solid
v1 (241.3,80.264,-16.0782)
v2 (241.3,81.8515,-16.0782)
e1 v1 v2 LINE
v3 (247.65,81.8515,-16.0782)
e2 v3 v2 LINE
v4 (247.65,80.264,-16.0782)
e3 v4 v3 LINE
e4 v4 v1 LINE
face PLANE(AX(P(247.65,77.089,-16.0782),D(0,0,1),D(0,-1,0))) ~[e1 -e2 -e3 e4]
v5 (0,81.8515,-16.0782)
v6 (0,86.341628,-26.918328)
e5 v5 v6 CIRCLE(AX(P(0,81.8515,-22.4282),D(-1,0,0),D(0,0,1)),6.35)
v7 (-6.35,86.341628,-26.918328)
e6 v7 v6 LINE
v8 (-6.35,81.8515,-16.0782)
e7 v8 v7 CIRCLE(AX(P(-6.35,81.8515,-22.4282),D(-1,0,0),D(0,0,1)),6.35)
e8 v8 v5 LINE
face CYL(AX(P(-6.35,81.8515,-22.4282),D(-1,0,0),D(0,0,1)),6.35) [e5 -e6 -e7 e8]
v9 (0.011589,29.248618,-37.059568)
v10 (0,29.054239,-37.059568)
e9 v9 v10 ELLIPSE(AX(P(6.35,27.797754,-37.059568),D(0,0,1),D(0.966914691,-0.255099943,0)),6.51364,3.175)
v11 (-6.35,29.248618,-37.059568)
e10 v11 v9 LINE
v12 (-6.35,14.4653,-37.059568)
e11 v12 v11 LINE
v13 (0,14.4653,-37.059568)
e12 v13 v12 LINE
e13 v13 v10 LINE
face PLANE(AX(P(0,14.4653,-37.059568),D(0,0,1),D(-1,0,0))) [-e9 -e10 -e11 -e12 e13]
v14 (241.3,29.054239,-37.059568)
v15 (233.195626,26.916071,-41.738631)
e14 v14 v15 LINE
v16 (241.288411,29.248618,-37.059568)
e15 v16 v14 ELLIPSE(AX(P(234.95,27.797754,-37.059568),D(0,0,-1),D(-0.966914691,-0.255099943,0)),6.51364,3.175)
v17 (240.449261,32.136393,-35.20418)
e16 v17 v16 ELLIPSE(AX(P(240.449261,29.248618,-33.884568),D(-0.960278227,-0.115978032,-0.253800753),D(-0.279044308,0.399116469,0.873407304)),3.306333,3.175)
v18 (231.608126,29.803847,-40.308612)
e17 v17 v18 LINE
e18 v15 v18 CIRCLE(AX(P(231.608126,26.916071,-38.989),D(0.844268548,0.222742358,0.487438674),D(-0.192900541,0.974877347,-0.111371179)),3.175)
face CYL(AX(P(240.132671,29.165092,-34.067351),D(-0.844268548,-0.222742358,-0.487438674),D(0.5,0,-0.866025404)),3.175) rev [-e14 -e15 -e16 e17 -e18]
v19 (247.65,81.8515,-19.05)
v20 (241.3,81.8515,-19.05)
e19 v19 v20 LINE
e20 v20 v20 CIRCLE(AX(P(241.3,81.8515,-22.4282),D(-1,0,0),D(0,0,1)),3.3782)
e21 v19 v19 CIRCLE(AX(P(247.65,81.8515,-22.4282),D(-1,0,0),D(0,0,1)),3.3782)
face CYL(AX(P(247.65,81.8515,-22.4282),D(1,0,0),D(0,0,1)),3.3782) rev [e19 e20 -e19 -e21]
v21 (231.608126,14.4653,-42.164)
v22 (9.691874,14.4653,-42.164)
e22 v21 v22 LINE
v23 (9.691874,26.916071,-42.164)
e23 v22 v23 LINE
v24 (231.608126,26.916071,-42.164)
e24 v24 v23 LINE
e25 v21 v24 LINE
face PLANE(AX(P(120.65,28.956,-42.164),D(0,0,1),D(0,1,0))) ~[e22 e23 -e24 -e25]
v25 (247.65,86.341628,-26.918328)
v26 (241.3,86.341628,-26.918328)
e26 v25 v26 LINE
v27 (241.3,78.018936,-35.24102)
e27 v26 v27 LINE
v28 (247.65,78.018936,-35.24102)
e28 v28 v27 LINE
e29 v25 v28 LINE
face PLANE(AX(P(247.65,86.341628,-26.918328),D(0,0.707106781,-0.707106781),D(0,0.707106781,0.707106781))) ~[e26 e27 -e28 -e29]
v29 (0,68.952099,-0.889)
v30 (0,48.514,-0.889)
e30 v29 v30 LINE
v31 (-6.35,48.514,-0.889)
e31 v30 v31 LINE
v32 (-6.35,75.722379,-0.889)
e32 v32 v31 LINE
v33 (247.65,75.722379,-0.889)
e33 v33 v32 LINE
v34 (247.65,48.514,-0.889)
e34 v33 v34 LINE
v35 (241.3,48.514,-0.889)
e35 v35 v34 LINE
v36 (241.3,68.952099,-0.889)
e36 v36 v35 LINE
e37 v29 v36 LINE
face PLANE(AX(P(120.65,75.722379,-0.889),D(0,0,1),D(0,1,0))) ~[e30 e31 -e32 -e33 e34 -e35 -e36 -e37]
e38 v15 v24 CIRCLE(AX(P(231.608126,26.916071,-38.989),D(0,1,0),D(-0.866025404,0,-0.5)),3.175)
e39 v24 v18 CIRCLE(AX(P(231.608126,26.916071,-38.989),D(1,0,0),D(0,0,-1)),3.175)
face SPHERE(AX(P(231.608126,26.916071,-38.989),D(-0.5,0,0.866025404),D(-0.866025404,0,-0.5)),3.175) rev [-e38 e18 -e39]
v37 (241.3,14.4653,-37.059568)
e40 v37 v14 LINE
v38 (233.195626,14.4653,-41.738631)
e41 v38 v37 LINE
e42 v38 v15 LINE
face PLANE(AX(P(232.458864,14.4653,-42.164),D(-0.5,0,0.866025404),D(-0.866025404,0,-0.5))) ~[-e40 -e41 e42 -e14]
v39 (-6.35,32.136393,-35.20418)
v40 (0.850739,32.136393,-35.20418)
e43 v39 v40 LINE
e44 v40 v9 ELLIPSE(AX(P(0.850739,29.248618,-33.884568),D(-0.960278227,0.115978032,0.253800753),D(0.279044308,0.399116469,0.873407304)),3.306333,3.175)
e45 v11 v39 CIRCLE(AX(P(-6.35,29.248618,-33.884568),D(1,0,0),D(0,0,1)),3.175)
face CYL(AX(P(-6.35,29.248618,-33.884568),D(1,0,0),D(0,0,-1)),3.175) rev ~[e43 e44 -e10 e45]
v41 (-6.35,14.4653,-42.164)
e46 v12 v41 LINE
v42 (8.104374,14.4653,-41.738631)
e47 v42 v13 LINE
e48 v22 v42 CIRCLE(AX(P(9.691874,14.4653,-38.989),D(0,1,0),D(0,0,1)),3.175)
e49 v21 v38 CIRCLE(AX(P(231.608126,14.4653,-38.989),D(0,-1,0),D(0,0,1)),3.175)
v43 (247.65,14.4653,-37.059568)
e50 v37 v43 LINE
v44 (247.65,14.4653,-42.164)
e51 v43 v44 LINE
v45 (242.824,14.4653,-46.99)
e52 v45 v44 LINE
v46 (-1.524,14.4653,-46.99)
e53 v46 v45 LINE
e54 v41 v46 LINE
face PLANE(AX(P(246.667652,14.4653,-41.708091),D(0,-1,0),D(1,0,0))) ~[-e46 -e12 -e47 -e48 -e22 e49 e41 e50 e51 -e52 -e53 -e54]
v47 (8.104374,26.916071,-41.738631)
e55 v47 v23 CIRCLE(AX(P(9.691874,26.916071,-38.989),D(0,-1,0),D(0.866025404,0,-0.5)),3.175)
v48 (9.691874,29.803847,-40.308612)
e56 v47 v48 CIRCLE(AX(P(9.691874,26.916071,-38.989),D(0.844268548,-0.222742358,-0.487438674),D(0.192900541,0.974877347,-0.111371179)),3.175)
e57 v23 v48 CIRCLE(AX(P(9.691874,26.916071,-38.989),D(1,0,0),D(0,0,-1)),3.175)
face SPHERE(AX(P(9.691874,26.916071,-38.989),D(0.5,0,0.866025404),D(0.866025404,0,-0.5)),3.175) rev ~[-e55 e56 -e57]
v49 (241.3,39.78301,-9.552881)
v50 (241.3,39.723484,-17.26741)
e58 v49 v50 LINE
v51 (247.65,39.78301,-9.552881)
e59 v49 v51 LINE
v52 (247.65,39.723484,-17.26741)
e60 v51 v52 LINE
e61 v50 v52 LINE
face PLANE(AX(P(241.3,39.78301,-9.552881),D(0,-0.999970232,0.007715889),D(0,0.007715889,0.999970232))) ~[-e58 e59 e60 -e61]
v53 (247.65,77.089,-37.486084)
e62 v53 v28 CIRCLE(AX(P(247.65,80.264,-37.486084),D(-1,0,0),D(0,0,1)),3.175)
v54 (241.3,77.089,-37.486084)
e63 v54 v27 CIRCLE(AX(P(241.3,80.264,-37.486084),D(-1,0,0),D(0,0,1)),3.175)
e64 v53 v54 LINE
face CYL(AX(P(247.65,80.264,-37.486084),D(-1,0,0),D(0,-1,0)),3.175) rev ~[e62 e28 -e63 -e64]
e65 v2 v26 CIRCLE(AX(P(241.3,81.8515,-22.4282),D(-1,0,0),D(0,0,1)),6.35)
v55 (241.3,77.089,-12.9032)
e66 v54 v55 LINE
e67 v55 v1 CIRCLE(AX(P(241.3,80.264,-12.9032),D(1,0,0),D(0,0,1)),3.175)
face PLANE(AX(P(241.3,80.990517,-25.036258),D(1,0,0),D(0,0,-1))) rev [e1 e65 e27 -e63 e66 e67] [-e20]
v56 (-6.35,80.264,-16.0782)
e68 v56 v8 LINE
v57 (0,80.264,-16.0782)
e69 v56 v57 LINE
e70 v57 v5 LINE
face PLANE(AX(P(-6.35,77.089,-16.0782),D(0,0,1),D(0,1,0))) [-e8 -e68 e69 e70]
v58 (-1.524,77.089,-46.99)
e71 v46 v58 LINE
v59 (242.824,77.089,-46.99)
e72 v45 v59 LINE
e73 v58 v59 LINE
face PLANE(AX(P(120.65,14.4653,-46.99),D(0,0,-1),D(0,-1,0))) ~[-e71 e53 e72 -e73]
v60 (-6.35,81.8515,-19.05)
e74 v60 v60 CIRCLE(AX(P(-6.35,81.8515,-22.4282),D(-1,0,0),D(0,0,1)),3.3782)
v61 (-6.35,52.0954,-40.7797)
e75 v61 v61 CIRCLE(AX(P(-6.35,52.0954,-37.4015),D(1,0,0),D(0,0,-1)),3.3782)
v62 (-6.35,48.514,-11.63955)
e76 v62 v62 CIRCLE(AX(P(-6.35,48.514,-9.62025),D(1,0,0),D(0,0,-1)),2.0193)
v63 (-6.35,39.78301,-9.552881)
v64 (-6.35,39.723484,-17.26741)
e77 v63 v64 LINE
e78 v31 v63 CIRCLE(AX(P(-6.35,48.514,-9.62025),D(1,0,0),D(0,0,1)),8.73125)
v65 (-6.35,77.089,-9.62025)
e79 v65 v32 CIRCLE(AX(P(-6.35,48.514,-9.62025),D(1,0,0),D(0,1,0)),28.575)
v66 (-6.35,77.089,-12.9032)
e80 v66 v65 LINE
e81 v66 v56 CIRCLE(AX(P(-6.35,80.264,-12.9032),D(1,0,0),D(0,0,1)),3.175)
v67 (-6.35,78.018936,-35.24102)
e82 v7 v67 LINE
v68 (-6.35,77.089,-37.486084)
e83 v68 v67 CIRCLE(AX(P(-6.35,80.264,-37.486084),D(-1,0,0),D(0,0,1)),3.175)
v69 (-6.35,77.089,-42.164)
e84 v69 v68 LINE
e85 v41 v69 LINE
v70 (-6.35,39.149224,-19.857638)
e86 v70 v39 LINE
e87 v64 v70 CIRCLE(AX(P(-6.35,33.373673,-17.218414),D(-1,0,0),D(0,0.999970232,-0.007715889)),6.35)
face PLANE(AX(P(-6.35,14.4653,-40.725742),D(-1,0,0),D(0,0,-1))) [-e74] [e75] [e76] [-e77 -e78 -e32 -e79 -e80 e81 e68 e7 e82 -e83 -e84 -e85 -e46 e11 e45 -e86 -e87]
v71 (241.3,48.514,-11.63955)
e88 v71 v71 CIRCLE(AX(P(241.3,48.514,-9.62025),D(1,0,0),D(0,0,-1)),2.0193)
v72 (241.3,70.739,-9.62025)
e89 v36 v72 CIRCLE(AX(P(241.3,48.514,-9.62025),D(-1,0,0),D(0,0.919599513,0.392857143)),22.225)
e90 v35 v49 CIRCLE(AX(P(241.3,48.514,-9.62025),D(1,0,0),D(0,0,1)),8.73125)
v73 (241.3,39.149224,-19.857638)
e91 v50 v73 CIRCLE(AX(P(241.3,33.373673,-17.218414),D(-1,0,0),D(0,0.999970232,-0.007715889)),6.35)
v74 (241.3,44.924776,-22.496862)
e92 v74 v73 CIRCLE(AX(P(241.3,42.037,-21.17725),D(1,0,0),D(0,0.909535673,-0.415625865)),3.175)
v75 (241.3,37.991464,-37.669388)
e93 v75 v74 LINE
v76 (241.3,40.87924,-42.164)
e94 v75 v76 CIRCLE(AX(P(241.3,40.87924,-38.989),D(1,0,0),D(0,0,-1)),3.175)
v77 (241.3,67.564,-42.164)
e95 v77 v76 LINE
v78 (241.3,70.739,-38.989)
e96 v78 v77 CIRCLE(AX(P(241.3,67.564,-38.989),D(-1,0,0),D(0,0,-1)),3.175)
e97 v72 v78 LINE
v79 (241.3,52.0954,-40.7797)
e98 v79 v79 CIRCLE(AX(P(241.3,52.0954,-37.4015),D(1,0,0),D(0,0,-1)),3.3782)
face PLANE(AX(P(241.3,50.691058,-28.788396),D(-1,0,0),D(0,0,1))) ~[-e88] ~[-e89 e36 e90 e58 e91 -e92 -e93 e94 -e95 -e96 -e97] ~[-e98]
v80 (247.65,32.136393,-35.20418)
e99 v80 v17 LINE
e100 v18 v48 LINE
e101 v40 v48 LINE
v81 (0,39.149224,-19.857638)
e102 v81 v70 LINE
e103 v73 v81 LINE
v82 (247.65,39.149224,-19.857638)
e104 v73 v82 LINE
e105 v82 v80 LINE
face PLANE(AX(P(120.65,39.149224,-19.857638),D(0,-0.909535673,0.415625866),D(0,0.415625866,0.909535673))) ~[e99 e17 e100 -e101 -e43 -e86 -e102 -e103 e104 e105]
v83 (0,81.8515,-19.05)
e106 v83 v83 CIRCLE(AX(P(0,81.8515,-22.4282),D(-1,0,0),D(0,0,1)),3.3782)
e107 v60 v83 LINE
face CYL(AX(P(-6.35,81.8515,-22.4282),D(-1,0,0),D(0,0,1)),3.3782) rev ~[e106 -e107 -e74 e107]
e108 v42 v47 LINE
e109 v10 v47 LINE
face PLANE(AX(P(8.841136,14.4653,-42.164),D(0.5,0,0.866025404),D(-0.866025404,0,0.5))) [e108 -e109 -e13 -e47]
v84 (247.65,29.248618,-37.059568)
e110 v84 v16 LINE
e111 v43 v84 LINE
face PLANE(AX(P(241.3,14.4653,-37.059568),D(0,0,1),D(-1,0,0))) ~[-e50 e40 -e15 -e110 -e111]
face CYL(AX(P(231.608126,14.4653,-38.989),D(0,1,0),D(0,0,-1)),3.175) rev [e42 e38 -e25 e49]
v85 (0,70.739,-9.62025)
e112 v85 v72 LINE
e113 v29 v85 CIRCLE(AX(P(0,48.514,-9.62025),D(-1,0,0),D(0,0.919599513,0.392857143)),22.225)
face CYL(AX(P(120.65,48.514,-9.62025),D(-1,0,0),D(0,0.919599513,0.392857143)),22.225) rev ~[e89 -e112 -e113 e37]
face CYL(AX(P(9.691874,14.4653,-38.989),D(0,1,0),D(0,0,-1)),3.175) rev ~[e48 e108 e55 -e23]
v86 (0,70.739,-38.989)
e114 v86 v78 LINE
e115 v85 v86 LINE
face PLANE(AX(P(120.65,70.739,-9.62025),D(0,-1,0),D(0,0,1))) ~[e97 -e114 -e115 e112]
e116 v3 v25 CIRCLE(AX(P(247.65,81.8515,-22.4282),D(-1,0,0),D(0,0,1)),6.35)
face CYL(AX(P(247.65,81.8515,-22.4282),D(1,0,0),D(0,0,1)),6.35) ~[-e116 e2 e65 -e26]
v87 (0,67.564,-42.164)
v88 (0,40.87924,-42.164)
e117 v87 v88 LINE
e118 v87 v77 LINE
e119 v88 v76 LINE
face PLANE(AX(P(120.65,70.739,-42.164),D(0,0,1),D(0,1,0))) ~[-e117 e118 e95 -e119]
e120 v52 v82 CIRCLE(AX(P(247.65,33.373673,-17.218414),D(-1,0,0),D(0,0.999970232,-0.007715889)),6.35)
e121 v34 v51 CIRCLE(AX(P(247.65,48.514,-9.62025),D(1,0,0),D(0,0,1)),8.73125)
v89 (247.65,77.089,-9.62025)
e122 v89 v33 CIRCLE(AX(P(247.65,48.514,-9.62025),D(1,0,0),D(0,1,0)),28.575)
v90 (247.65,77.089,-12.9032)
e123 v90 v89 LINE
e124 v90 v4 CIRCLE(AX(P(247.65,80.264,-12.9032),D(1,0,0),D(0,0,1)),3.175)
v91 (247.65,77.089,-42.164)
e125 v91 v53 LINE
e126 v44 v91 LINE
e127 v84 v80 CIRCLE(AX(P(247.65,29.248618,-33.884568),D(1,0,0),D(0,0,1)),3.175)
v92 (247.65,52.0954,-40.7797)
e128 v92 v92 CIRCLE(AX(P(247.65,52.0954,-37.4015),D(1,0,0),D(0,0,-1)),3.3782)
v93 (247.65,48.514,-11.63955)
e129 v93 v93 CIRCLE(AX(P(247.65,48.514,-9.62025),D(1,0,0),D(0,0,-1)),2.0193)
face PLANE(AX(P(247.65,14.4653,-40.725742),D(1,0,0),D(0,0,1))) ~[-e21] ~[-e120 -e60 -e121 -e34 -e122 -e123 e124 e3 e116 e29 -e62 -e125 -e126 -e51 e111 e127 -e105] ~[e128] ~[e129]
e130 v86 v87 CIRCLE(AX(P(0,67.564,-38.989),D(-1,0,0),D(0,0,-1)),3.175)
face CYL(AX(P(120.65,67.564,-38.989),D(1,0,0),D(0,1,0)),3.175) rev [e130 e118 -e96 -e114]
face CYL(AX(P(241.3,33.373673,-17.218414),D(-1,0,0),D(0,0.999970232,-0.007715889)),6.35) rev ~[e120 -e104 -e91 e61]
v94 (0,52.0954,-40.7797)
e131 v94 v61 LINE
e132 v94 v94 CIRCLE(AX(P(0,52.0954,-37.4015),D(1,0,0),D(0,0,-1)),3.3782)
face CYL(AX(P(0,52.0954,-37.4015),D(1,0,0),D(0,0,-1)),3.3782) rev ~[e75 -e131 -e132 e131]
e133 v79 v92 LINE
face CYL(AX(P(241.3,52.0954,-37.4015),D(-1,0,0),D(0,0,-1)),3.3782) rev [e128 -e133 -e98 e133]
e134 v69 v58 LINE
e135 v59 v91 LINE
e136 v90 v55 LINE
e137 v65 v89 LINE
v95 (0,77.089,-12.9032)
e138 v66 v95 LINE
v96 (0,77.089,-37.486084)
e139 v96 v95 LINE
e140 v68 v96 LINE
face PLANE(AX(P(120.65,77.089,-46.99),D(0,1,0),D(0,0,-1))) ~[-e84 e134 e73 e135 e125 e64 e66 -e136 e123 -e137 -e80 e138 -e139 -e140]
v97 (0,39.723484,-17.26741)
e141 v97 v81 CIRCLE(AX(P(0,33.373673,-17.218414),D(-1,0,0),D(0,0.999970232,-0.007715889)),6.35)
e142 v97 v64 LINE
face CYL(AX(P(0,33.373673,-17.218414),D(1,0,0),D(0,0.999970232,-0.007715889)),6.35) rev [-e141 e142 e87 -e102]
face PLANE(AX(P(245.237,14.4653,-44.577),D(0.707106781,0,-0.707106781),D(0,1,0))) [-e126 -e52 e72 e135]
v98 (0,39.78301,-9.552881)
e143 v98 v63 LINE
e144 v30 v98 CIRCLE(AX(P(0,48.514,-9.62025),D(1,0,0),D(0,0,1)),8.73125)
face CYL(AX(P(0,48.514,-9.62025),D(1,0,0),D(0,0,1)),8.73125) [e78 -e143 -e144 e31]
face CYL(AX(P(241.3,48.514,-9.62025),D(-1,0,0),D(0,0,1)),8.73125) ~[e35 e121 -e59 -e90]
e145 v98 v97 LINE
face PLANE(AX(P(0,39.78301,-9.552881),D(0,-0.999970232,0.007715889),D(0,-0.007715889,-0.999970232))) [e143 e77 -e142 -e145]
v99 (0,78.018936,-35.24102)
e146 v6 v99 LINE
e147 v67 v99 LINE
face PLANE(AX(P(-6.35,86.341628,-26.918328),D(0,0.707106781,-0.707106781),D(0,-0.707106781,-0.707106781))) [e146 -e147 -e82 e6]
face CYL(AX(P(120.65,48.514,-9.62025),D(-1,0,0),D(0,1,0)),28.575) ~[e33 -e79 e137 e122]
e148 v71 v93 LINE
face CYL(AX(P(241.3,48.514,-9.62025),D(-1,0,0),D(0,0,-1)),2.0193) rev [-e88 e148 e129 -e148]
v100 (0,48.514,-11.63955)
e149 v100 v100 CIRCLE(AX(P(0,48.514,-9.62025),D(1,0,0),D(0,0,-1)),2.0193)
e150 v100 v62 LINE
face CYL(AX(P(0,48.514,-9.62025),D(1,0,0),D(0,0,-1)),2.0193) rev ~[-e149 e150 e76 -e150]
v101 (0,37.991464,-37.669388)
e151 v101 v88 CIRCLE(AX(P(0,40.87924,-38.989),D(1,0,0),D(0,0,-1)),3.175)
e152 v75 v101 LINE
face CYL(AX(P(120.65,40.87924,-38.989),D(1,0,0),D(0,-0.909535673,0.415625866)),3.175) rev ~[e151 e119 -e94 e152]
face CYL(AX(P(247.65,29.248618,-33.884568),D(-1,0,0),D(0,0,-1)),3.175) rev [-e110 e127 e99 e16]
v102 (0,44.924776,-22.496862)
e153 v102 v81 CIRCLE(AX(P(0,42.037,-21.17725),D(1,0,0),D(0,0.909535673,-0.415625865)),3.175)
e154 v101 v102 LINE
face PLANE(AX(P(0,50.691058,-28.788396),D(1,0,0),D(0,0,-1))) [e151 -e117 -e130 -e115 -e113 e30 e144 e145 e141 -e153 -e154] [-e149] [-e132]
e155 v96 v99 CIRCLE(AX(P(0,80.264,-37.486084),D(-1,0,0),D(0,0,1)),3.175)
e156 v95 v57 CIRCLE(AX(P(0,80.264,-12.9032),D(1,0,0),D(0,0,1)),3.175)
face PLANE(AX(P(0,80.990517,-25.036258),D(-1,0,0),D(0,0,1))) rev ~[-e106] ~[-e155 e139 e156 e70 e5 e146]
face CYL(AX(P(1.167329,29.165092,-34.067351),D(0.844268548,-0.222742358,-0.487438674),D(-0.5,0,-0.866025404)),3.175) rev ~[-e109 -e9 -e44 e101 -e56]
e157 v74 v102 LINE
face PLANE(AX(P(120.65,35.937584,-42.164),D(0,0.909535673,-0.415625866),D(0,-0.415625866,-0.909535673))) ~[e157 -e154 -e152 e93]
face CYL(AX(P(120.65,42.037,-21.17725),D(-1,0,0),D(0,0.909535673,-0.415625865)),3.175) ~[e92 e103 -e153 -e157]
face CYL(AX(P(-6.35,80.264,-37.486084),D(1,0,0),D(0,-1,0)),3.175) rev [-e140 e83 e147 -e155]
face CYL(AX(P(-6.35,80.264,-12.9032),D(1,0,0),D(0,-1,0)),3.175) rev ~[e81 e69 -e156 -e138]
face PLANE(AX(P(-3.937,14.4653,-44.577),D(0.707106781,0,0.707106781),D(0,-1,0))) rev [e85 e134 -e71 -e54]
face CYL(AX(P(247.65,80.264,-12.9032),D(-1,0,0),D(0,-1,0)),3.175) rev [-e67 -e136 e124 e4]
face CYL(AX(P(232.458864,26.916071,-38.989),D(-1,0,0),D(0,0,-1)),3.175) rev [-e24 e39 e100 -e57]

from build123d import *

# Parameters (mm, degrees)
SKETCH1_R           = 2.0193
SKETCH1_R_2         = 3.3782
BOSS_EXTRUDE1_DEPTH = 6.35
BOSS_EXTRUDE2_START = 120.65
BOSS_EXTRUDE2_DEPTH = 120.65
BOSS_EXTRUDE3_REACH = 145.827
SKETCH6_R           = 3.3782
BOSS_EXTRUDE4_DEPTH = 6.35
FILLET2_R           = 3.175
CHAMFER1_SIZE       = 4.826


with BuildPart() as part:
    # Sketch1 → Boss-Extrude1 (new body)
    with BuildSketch(Plane(origin=(0, 0, 0), x_dir=(0, 0, -1), z_dir=(1, 0, 0))):
        with BuildLine():
            Line((19.857637877, 39.149224239), (42.164, 28.956))
            Line((42.164, 28.956), (42.164, 14.4653))
            Line((42.164, 14.4653), (46.99, 14.4653))
            Line((46.99, 14.4653), (46.99, 77.089))
            Line((46.99, 77.089), (9.62025, 77.089))
            ThreePointArc((9.62025, 77.089), (5.201472483, 76.745277517), (0.889, 75.722379195))
            Line((0.889, 75.722379195), (0.889, 48.514))
            ThreePointArc((0.889, 48.514), (3.422551022, 42.363938704), (9.552880645, 39.783009911))
            Line((9.552880645, 39.783009911), (17.267409525, 39.723483692))
            ThreePointArc((17.267409525, 39.723483692), (18.59285001, 39.573142424), (19.857637877, 39.149224239))
        make_face()
        with Locations((9.62025, 48.514)):
            Circle(SKETCH1_R, mode=Mode.SUBTRACT)
        with Locations((37.4015, 52.0954)):
            Circle(SKETCH1_R_2, mode=Mode.SUBTRACT)
    extrude(amount=-BOSS_EXTRUDE1_DEPTH)

    # Sketch2 → Boss-Extrude2 (add)
    with BuildSketch(Plane(origin=(0, 0, 0), x_dir=(0, 0, -1), z_dir=(1, 0, 0)).offset(BOSS_EXTRUDE2_START)):
        with BuildLine():
            Line((42.164, 35.93758433), (22.496862123, 44.924775761))
            ThreePointArc((22.496862123, 44.924775761), (18.289474239, 43.356612123), (19.857637877, 39.149224239))
            Line((19.857637877, 39.149224239), (42.164, 28.956))
            Line((42.164, 28.956), (42.164, 14.4653))
            Line((42.164, 14.4653), (46.99, 14.4653))
            Line((46.99, 14.4653), (46.99, 77.089))
            Line((46.99, 77.089), (9.62025, 77.089))
            ThreePointArc((9.62025, 77.089), (5.201472483, 76.745277517), (0.889, 75.722379195))
            Line((0.889, 75.722379195), (0.889, 68.952099188))
            ThreePointArc((0.889, 68.952099188), (5.164137875, 70.287692607), (9.62025, 70.739))
            Line((9.62025, 70.739), (42.164, 70.739))
            Line((42.164, 70.739), (42.164, 35.93758433))
        make_face()
    extrude(amount=-BOSS_EXTRUDE2_DEPTH)

    # Boss-Extrude3: up to this plane
    boss_extrude3_end = Plane(origin=(-6.35, 39.893111336, -18.2297511), z_dir=(0, -0.909535672675175, 0.41562586557060793))
    # Sketch5 → Boss-Extrude3 (add, up to the surface)
    with BuildSketch(Plane.XZ.offset(-14.4653), mode=Mode.PRIVATE) as boss_extrude3_sk1:
        Polygon((-3.858864353, -42.164), (8.841135647, -42.164), (6.8e-08, -37.059567994), (-6.35, -37.059567994), (-6.35, -40.725742164), align=None)
    boss_extrude3_tool1 = split(extrude(boss_extrude3_sk1.sketch, amount=-BOSS_EXTRUDE3_REACH, mode=Mode.PRIVATE), bisect_by=boss_extrude3_end, keep=Keep.BOTH, mode=Mode.PRIVATE)
    add(boss_extrude3_tool1.solids().sort_by_distance((-0.498721, 14.4653, -39.902897))[0])
    # Sketch5 → Boss-Extrude3 (add, up to the surface)
    with BuildSketch(Plane.XZ.offset(-14.4653), mode=Mode.PRIVATE) as boss_extrude3_sk2:
        Polygon((-6.35, -42.164), (-3.858864353, -42.164), (-6.35, -40.725742164), align=None)
    boss_extrude3_tool2 = split(extrude(boss_extrude3_sk2.sketch, amount=-BOSS_EXTRUDE3_REACH, mode=Mode.PRIVATE), bisect_by=boss_extrude3_end, keep=Keep.BOTH, mode=Mode.PRIVATE)
    add(boss_extrude3_tool2.solids().sort_by_distance((-5.519621, 14.4653, -41.684581))[0])

    # Sketch6 → Boss-Extrude4 (add)
    with BuildSketch(Plane.ZY.offset(6.35)):
        with BuildLine():
            Line((-26.918328061, 86.341628061), (-36.170956121, 77.089))
            Line((-36.170956121, 77.089), (-16.0782, 77.089))
            Line((-16.0782, 77.089), (-16.0782, 81.8515))
            ThreePointArc((-16.0782, 81.8515), (-19.998160204, 87.718135031), (-26.918328061, 86.341628061))
        make_face()
        with Locations((-22.4282, 81.8515)):
            Circle(SKETCH6_R, mode=Mode.SUBTRACT)
    extrude(amount=-BOSS_EXTRUDE4_DEPTH)

    # Fillet2
    fillet2_edges = [part.edges().sort_by_distance(p)[0] for p in [
        (60.325, 35.93758433, -42.164),
        (60.325, 70.739, -42.164),
        (64.745567823, 28.956, -42.164),
        (-3.174999966, 31.288546193, -37.059567994),
        (8.841135647, 21.71065, -42.164),
        (4.420567858, 30.122273097, -39.611783997),
        (-3.175, 77.089, -16.0782),
        (-3.175, 77.089, -36.170956121),
    ]]
    fillet(fillet2_edges, radius=FILLET2_R)

    # Mirror1: part across plane


with BuildPart() as part_1:
    add(part.part)
    add(part.part.mirror(Plane(origin=(120.65, 0, 0), x_dir=(0, 0, 1), z_dir=(1, 0, 0))))

    # Chamfer1
    chamfer1_edges = [part_1.edges().sort_by_distance(p)[0] for p in [
        (247.65, 45.77715, -46.99),
        (-6.35, 45.77715, -46.99),
    ]]
    chamfer(chamfer1_edges, length=CHAMFER1_SIZE)


solid = part_1.part
